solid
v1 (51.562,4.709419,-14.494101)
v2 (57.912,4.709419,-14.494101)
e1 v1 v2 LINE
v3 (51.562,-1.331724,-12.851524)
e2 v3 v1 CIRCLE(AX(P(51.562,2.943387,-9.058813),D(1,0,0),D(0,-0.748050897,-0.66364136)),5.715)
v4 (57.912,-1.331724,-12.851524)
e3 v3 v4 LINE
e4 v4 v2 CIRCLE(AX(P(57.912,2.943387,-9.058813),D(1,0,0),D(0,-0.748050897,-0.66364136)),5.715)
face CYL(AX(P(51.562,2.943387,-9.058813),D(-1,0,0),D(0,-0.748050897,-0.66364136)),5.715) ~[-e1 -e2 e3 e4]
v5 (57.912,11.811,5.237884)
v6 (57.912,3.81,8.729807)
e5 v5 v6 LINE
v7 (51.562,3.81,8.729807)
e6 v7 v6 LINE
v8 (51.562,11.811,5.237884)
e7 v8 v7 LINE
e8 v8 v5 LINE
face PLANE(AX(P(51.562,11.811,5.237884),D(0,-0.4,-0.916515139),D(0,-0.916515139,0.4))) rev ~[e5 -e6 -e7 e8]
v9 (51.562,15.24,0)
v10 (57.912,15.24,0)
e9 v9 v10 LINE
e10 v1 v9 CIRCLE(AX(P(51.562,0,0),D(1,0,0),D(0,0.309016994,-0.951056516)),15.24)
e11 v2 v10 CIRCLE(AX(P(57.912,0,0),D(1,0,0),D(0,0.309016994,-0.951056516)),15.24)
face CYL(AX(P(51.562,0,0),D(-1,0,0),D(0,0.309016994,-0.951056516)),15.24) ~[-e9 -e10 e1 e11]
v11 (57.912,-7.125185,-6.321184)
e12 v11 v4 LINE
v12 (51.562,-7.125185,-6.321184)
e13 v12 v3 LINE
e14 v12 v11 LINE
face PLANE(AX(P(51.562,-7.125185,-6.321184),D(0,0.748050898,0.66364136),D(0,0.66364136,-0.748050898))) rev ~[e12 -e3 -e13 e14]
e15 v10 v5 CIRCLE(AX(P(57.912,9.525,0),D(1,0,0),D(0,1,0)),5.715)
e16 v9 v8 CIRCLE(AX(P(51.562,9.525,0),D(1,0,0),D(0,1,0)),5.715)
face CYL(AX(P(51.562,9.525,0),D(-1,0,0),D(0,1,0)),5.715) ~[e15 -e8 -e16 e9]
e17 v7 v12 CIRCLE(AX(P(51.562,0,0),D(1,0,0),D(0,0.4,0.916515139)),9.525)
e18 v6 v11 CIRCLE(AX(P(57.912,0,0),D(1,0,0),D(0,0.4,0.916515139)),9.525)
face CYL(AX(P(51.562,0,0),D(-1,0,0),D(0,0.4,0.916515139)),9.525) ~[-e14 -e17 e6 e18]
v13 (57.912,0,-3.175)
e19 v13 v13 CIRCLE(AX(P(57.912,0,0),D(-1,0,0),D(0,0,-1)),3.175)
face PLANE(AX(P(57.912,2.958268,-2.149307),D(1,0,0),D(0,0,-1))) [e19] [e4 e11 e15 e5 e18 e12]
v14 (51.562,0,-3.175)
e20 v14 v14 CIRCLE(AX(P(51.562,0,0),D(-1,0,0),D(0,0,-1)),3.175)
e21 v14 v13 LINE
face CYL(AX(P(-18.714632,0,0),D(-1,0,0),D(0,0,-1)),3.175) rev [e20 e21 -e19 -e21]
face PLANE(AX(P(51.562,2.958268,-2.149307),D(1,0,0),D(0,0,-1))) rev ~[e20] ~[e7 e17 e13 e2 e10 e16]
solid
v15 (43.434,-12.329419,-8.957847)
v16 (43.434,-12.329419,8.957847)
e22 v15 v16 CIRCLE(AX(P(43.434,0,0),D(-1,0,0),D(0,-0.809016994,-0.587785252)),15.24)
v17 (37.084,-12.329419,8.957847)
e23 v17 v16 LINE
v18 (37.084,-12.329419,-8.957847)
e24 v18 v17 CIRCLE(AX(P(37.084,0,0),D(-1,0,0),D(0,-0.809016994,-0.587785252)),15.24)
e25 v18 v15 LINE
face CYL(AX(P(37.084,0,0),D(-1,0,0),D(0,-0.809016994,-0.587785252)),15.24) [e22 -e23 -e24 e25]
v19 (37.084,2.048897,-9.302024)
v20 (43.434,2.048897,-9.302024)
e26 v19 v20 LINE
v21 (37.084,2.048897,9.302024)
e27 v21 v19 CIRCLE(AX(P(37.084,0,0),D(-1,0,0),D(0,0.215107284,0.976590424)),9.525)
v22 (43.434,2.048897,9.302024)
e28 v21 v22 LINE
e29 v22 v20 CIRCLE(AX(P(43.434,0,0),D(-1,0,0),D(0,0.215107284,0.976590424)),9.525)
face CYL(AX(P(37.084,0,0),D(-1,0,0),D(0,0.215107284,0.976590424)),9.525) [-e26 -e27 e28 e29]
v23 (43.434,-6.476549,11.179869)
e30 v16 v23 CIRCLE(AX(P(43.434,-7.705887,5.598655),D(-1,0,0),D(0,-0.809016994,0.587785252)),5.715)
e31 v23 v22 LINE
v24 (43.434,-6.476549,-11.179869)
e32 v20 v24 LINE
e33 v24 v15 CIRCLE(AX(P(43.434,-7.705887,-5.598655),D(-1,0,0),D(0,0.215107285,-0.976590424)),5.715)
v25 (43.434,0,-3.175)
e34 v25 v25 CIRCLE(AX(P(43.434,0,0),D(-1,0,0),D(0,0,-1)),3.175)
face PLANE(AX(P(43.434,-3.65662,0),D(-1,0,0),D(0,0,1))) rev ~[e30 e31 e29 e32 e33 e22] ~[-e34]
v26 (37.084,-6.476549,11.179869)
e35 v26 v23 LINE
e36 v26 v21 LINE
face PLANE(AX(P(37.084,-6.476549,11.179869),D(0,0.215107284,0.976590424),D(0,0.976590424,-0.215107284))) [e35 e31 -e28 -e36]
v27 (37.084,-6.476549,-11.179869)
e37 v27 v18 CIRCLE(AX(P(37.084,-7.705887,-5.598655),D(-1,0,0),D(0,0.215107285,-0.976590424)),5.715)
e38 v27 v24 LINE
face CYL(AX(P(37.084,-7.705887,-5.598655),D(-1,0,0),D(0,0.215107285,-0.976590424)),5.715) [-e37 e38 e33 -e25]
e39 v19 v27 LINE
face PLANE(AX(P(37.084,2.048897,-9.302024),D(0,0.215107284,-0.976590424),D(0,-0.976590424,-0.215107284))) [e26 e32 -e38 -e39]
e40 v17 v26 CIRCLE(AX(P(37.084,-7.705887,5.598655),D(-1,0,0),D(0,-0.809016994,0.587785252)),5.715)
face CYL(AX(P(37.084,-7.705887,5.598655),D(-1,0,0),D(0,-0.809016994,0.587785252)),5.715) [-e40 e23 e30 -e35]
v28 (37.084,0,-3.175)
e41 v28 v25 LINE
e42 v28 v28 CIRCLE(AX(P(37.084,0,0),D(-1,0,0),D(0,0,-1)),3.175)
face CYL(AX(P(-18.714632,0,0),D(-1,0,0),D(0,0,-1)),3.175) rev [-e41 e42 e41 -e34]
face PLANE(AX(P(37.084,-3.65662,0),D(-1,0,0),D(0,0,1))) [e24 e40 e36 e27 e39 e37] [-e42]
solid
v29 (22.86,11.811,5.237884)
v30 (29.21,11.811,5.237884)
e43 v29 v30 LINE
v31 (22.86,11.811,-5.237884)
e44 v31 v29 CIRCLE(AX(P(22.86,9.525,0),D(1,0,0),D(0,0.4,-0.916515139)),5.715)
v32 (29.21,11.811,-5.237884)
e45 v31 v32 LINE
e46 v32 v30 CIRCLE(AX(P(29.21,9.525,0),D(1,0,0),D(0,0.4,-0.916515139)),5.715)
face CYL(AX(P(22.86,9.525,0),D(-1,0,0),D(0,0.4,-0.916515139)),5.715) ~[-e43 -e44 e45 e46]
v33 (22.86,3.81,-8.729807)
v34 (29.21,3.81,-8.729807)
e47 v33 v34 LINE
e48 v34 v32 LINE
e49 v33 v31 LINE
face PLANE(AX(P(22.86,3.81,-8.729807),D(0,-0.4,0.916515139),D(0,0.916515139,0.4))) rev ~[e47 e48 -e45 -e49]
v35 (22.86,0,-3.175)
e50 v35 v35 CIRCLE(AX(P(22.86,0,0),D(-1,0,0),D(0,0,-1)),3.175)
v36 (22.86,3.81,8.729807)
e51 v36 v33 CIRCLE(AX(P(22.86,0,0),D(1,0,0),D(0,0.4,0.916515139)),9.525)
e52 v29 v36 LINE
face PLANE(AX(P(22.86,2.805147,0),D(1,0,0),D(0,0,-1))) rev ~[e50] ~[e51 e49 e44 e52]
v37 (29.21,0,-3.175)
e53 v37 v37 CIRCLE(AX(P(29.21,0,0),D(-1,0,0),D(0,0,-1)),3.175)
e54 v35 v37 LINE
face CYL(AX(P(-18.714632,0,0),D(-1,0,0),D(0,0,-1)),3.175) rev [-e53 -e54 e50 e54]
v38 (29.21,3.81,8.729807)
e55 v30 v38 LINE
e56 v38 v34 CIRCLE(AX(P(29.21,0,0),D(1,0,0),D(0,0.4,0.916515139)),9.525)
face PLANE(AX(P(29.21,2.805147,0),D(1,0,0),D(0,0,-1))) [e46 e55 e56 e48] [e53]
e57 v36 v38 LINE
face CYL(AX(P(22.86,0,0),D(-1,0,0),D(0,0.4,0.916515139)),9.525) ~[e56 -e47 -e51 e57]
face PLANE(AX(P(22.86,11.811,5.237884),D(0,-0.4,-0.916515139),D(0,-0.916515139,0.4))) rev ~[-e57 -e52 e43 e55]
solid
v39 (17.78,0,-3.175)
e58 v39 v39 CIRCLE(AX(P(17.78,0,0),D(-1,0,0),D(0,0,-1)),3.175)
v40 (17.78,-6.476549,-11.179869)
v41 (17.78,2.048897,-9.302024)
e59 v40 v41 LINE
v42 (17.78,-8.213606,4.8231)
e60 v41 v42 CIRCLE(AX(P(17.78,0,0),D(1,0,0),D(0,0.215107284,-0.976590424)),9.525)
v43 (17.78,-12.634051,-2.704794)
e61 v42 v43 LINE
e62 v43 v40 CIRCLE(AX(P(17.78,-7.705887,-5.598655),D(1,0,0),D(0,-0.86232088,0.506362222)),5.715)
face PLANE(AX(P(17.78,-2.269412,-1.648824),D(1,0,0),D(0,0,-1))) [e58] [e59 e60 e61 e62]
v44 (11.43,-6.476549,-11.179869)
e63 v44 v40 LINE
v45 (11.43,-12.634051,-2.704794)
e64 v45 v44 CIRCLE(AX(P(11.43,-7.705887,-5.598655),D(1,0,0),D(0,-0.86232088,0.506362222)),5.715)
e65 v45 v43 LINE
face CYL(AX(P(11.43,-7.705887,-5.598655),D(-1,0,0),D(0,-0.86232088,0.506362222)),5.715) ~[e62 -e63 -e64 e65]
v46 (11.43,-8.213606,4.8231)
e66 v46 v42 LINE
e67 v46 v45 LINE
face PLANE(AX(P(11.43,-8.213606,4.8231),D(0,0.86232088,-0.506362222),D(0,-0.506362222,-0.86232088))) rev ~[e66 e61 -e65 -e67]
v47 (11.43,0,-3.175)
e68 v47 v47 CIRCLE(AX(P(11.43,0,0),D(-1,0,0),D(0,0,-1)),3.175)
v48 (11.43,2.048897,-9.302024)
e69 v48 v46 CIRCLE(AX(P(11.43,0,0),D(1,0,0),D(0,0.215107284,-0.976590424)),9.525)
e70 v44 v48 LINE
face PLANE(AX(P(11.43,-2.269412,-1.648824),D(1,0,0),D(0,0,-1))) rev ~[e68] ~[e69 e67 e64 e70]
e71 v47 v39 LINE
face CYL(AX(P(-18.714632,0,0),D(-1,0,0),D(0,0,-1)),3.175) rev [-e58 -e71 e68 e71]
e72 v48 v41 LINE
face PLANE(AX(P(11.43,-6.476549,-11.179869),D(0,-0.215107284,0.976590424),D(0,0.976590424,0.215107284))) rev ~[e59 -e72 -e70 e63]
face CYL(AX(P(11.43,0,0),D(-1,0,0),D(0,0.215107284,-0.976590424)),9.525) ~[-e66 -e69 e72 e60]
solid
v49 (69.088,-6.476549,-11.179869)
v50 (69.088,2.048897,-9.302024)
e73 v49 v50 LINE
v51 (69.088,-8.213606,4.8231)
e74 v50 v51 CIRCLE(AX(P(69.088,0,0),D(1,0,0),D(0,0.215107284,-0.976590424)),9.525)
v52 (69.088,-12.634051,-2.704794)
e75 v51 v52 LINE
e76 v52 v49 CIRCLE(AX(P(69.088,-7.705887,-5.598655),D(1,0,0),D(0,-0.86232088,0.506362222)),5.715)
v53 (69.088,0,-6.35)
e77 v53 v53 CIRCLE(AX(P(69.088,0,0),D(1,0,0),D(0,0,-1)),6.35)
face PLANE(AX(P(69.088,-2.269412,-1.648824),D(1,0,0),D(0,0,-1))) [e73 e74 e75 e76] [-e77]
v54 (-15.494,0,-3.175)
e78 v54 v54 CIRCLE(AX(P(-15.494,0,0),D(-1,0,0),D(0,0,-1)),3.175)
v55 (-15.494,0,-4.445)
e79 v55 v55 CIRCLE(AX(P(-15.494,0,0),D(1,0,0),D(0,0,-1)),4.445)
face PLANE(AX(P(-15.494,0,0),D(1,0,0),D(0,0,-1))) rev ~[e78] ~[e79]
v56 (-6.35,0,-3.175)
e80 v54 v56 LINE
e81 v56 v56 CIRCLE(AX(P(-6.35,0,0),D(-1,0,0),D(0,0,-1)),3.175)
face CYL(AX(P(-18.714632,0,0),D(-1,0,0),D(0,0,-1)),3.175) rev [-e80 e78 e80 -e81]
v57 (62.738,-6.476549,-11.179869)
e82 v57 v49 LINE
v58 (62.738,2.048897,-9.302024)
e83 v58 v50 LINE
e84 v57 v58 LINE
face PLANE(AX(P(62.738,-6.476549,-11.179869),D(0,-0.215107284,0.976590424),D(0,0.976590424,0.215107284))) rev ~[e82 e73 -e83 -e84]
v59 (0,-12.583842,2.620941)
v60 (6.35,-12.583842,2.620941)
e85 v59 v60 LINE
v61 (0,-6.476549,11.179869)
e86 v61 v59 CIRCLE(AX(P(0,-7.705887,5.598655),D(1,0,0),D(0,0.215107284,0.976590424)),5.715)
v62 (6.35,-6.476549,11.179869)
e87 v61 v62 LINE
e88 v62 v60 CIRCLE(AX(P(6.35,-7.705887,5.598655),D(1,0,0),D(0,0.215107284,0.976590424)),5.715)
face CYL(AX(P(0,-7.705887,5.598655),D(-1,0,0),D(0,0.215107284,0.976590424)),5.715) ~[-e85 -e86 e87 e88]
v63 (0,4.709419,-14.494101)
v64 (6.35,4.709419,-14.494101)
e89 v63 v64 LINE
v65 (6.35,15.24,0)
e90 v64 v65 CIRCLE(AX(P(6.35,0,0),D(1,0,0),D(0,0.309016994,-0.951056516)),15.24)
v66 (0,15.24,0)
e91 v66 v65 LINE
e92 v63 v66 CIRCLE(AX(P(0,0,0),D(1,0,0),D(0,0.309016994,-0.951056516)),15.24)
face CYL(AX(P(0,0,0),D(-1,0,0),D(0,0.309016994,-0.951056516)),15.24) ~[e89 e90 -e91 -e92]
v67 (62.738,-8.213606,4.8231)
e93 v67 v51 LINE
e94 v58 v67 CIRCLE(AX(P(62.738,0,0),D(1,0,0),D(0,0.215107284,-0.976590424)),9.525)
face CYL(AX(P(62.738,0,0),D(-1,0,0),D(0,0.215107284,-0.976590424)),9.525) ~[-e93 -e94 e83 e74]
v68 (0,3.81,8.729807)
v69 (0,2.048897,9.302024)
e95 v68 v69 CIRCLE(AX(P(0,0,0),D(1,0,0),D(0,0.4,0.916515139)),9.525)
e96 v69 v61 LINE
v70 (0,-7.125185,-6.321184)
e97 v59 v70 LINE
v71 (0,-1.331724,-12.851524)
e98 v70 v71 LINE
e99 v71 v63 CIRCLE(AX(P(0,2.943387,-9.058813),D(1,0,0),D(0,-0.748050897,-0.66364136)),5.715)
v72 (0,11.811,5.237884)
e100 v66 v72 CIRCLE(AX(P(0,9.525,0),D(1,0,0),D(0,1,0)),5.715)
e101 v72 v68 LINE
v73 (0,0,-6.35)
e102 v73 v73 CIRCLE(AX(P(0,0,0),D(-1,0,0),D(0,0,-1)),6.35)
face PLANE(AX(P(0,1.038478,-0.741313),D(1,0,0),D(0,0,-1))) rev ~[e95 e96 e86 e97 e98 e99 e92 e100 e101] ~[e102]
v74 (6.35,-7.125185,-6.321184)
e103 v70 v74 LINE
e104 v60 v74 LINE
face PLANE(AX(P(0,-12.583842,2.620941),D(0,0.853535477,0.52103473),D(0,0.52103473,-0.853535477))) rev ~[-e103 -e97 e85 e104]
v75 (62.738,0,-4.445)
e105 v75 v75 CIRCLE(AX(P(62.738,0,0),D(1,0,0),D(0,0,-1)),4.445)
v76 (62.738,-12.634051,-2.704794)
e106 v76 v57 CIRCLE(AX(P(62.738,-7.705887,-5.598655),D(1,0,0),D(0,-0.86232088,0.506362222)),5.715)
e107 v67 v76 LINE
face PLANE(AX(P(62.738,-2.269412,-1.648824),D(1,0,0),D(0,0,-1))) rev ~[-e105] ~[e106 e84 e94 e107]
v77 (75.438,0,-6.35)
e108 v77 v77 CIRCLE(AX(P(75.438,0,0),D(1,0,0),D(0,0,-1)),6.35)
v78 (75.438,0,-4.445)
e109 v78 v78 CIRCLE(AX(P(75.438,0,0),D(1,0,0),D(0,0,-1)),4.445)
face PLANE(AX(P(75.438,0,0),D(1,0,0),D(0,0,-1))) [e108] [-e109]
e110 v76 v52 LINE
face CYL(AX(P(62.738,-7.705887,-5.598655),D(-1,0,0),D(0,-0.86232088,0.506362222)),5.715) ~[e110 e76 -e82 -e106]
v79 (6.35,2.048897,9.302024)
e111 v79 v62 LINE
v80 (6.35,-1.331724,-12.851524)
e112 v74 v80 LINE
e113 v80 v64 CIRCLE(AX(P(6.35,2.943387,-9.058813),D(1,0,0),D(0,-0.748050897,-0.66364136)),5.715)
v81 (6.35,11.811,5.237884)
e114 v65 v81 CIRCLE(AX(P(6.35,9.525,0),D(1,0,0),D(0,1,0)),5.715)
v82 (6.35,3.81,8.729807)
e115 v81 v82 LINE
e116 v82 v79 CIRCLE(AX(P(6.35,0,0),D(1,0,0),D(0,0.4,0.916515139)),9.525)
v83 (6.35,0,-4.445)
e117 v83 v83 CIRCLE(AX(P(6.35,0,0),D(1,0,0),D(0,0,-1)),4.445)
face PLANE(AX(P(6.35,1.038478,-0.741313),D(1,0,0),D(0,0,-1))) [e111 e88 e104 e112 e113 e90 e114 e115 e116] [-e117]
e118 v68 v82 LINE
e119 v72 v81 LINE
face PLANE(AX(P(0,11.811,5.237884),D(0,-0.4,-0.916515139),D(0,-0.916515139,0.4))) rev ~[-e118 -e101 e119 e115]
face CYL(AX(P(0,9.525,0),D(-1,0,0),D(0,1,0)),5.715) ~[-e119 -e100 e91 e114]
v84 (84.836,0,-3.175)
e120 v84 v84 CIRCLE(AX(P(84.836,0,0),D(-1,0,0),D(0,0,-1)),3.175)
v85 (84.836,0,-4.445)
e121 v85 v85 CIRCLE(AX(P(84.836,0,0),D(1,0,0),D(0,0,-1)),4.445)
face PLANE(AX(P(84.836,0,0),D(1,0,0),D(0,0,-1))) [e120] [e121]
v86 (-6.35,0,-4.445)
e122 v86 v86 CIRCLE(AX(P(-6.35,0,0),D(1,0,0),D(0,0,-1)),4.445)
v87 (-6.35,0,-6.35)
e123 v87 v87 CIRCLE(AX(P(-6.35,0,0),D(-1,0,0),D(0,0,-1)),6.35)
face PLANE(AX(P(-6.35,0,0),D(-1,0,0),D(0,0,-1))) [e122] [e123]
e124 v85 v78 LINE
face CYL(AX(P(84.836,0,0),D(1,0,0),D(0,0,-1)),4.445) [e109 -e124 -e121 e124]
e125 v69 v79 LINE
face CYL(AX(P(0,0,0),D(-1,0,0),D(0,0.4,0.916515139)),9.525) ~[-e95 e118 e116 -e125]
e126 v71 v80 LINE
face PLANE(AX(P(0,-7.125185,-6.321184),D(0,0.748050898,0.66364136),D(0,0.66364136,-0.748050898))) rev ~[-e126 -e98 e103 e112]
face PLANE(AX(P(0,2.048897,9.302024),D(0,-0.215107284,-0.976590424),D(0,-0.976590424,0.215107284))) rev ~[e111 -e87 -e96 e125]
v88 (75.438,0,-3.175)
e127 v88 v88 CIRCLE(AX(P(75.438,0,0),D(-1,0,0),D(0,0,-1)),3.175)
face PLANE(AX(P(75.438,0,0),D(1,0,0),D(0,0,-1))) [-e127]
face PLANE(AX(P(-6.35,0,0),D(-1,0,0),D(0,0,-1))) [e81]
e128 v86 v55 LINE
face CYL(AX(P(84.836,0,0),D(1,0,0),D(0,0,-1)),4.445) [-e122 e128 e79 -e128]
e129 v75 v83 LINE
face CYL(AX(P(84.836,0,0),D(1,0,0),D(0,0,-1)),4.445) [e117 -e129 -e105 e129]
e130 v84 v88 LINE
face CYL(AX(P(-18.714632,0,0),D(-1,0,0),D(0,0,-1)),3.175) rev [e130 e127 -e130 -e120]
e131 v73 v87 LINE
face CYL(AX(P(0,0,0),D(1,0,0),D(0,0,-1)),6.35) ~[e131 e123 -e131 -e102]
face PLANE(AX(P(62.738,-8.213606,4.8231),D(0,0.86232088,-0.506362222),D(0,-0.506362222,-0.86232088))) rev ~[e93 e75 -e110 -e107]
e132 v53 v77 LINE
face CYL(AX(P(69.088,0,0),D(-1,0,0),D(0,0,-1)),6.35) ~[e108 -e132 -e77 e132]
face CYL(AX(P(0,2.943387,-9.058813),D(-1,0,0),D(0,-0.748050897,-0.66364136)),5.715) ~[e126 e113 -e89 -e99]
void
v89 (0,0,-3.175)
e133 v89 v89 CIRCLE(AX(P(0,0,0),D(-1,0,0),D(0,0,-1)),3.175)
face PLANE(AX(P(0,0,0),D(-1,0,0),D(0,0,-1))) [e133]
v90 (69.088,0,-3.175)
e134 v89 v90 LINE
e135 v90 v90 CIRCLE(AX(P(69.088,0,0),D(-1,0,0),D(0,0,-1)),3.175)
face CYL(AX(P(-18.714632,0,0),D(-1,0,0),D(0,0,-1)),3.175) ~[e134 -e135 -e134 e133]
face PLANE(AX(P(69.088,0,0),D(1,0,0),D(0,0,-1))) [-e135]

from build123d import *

# Parameters (mm, degrees)
BOSS_EXTRUDE1_DEPTH     = 6.35
BOSS_EXTRUDE2_START     = 5.08
BOSS_EXTRUDE2_DEPTH     = 6.35
BOSS_EXTRUDE3_START     = 5.08
BOSS_EXTRUDE3_DEPTH     = 6.35
BOSS_EXTRUDE4_START     = 7.874
BOSS_EXTRUDE4_DEPTH     = 6.35
BOSS_EXTRUDE5_START     = -1.778
BOSS_EXTRUDE5_DEPTH     = 6.35
BOSS_EXTRUDE6_START     = 4.826
BOSS_EXTRUDE6_DEPTH     = 6.35
BOSS_EXTRUDE7_START     = 1.016
SKETCH7_R               = 4.445
BOSS_EXTRUDE7_DEPTH     = 100.33
CUT_EXTRUDE1_DEPTH      = 103.55063169
CUT_EXTRUDE1_DEPTH_BACK = 103.55063169
SKETCH8_R               = 3.175
SKETCH9_R               = 6.35
BOSS_EXTRUDE8_DEPTH     = 6.35
SKETCH10_R              = 6.35
BOSS_EXTRUDE9_DEPTH     = 6.35


with BuildPart() as part:
    # Sketch1 → Boss-Extrude1 (new body)
    with BuildSketch(Plane(origin=(0, 0, 0), x_dir=(0, 0, -1), z_dir=(1, 0, 0))):
        with BuildLine():
            Line((-5.237884019, 11.811), (-8.729806699, 3.81))
            ThreePointArc((-8.729806699, 3.81), (-9.058813318, 2.943386871), (-9.302023788, 2.048896884))
            Line((-9.302023788, 2.048896884), (-11.179868801, -6.476548741))
            ThreePointArc((-11.179868801, -6.476548741), (-8.918189467, -12.3579738), (-2.620941048, -12.583842123))
            Line((-2.620941048, -12.583842123), (6.321183955, -7.125184798))
            Line((6.321183955, -7.125184798), (12.851523691, -1.331724008))
            ThreePointArc((12.851523691, -1.331724008), (14.573597143, 1.443925515), (14.494101308, 4.709418994))
            ThreePointArc((14.494101308, 4.709418994), (8.957847245, 12.329418994), (0, 15.24))
            ThreePointArc((0, 15.24), (-3.130234416, 14.306512052), (-5.237884019, 11.811))
        make_face()
    extrude(amount=BOSS_EXTRUDE1_DEPTH)


with BuildPart() as body_2:
    # Sketch2 → Boss-Extrude2 (new body)
    with BuildSketch(Plane(origin=(6.35, 0, 0), x_dir=(0, 0, -1), z_dir=(1, 0, 0)).offset(BOSS_EXTRUDE2_START)):
        with BuildLine():
            Line((11.179868801, -6.476548741), (9.302023788, 2.048896884))
            ThreePointArc((9.302023788, 2.048896884), (-5.598654528, 7.705886871), (-4.823100166, -8.213606382))
            Line((-4.823100166, -8.213606382), (2.704794429, -12.6340507))
            ThreePointArc((2.704794429, -12.6340507), (8.957847245, -12.329418994), (11.179868801, -6.476548741))
        make_face()
    extrude(amount=BOSS_EXTRUDE2_DEPTH)


with BuildPart() as body_3:
    # Sketch3 → Boss-Extrude3 (new body)
    with BuildSketch(Plane(origin=(17.78, 0, 0), x_dir=(0, 0, -1), z_dir=(1, 0, 0)).offset(BOSS_EXTRUDE3_START)):
        with BuildLine():
            Line((-5.237884019, 11.811), (-8.729806699, 3.81))
            ThreePointArc((-8.729806699, 3.81), (0, -9.525), (8.729806699, 3.81))
            Line((8.729806699, 3.81), (5.237884019, 11.811))
            ThreePointArc((5.237884019, 11.811), (0, 15.24), (-5.237884019, 11.811))
        make_face()
    extrude(amount=BOSS_EXTRUDE3_DEPTH)


with BuildPart() as body_4:
    # Sketch4 → Boss-Extrude4 (new body)
    with BuildSketch(Plane(origin=(29.21, 0, 0), x_dir=(0, 0, -1), z_dir=(1, 0, 0)).offset(BOSS_EXTRUDE4_START)):
        with BuildLine():
            Line((-11.179868801, -6.476548741), (-9.302023788, 2.048896884))
            ThreePointArc((-9.302023788, 2.048896884), (0, 9.525), (9.302023788, 2.048896884))
            Line((9.302023788, 2.048896884), (11.179868801, -6.476548741))
            ThreePointArc((11.179868801, -6.476548741), (10.941569635, -9.734305754), (8.957847245, -12.329418994))
            ThreePointArc((8.957847245, -12.329418994), (0, -15.24), (-8.957847245, -12.329418994))
            ThreePointArc((-8.957847245, -12.329418994), (-10.941569635, -9.734305754), (-11.179868801, -6.476548741))
        make_face()
    extrude(amount=BOSS_EXTRUDE4_DEPTH)


with BuildPart() as body_5:
    # Sketch5 → Boss-Extrude5 (new body)
    with BuildSketch(Plane(origin=(53.34, 0, 0), x_dir=(0, 0, -1), z_dir=(1, 0, 0)).offset(BOSS_EXTRUDE5_START)):
        with BuildLine():
            Line((-5.237884019, 11.811), (-8.729806699, 3.81))
            ThreePointArc((-8.729806699, 3.81), (-5.598654528, -7.705886871), (6.321183955, -7.125184798))
            Line((6.321183955, -7.125184798), (12.851523691, -1.331724008))
            ThreePointArc((12.851523691, -1.331724008), (14.573597143, 1.443925515), (14.494101308, 4.709418994))
            ThreePointArc((14.494101308, 4.709418994), (8.957847245, 12.329418994), (0, 15.24))
            ThreePointArc((0, 15.24), (-3.130234416, 14.306512052), (-5.237884019, 11.811))
        make_face()
    extrude(amount=BOSS_EXTRUDE5_DEPTH)


with BuildPart() as body_6:
    # Sketch6 → Boss-Extrude6 (new body)
    with BuildSketch(Plane(origin=(57.912, 0, 0), x_dir=(0, 0, -1), z_dir=(1, 0, 0)).offset(BOSS_EXTRUDE6_START)):
        with BuildLine():
            Line((11.179868801, -6.476548741), (9.302023788, 2.048896884))
            ThreePointArc((9.302023788, 2.048896884), (-5.598654528, 7.705886871), (-4.823100166, -8.213606382))
            Line((-4.823100166, -8.213606382), (2.704794429, -12.6340507))
            ThreePointArc((2.704794429, -12.6340507), (8.957847245, -12.329418994), (11.179868801, -6.476548741))
        make_face()
    extrude(amount=BOSS_EXTRUDE6_DEPTH)


with BuildPart() as body_7:
    # Sketch7 → Boss-Extrude7 (new body)
    with BuildSketch(Plane(origin=(83.82, 0, 0), x_dir=(0, 0, -1), z_dir=(1, 0, 0)).offset(BOSS_EXTRUDE7_START)):
        Circle(SKETCH7_R)
    extrude(amount=-BOSS_EXTRUDE7_DEPTH)


with BuildPart() as cut_extrude1_tool:
    # Sketch8 → Cut-Extrude1 (new, two sides: drawn at the far end of the back side and taken through both)
    with BuildSketch(Plane(origin=(84.836, 0, 0), x_dir=(0, 0, -1), z_dir=(1, 0, 0)).offset(-CUT_EXTRUDE1_DEPTH_BACK)):
        Circle(SKETCH8_R)
    extrude(amount=CUT_EXTRUDE1_DEPTH + CUT_EXTRUDE1_DEPTH_BACK)


with BuildPart() as part_1:
    add(part.part)

    # Cut-Extrude1: cut by cut_extrude1_tool
    add(cut_extrude1_tool.part, mode=Mode.SUBTRACT)



with BuildPart() as body_2_1:
    add(body_2.part)

    # Cut-Extrude1: cut by cut_extrude1_tool
    add(cut_extrude1_tool.part, mode=Mode.SUBTRACT)


with BuildPart() as body_3_1:
    add(body_3.part)

    # Cut-Extrude1: cut by cut_extrude1_tool
    add(cut_extrude1_tool.part, mode=Mode.SUBTRACT)


with BuildPart() as body_4_1:
    add(body_4.part)

    # Cut-Extrude1: cut by cut_extrude1_tool
    add(cut_extrude1_tool.part, mode=Mode.SUBTRACT)


with BuildPart() as body_5_1:
    add(body_5.part)

    # Cut-Extrude1: cut by cut_extrude1_tool
    add(cut_extrude1_tool.part, mode=Mode.SUBTRACT)


with BuildPart() as body_6_1:
    add(body_6.part)

    # Cut-Extrude1: cut by cut_extrude1_tool
    add(cut_extrude1_tool.part, mode=Mode.SUBTRACT)



with BuildPart() as body_7_1:
    add(body_7.part)

    # Cut-Extrude1: cut by cut_extrude1_tool
    add(cut_extrude1_tool.part, mode=Mode.SUBTRACT)


with BuildPart() as body_6_2:
    add(body_6_1.part)

    add(body_7_1.part)  # Boss-Extrude8 merges body 7
    # Sketch9 → Boss-Extrude8 (add)
    with BuildSketch(Plane(origin=(69.088, 0, 0), x_dir=(0, 0, -1), z_dir=(1, 0, 0))):
        Circle(SKETCH9_R)
    extrude(amount=BOSS_EXTRUDE8_DEPTH)


with BuildPart() as part_2:
    add(part_1.part)

    add(body_6_2.part)  # Boss-Extrude9 merges body 6
    # Sketch10 → Boss-Extrude9 (add)
    with BuildSketch(Plane.ZY):
        with Locations(Location((0, 0, 0), (0, 0, 180))):
            Circle(SKETCH10_R)
    extrude(amount=BOSS_EXTRUDE9_DEPTH)


solid = Compound([body_2_1.part, body_3_1.part, body_4_1.part, body_5_1.part, part_2.part])
